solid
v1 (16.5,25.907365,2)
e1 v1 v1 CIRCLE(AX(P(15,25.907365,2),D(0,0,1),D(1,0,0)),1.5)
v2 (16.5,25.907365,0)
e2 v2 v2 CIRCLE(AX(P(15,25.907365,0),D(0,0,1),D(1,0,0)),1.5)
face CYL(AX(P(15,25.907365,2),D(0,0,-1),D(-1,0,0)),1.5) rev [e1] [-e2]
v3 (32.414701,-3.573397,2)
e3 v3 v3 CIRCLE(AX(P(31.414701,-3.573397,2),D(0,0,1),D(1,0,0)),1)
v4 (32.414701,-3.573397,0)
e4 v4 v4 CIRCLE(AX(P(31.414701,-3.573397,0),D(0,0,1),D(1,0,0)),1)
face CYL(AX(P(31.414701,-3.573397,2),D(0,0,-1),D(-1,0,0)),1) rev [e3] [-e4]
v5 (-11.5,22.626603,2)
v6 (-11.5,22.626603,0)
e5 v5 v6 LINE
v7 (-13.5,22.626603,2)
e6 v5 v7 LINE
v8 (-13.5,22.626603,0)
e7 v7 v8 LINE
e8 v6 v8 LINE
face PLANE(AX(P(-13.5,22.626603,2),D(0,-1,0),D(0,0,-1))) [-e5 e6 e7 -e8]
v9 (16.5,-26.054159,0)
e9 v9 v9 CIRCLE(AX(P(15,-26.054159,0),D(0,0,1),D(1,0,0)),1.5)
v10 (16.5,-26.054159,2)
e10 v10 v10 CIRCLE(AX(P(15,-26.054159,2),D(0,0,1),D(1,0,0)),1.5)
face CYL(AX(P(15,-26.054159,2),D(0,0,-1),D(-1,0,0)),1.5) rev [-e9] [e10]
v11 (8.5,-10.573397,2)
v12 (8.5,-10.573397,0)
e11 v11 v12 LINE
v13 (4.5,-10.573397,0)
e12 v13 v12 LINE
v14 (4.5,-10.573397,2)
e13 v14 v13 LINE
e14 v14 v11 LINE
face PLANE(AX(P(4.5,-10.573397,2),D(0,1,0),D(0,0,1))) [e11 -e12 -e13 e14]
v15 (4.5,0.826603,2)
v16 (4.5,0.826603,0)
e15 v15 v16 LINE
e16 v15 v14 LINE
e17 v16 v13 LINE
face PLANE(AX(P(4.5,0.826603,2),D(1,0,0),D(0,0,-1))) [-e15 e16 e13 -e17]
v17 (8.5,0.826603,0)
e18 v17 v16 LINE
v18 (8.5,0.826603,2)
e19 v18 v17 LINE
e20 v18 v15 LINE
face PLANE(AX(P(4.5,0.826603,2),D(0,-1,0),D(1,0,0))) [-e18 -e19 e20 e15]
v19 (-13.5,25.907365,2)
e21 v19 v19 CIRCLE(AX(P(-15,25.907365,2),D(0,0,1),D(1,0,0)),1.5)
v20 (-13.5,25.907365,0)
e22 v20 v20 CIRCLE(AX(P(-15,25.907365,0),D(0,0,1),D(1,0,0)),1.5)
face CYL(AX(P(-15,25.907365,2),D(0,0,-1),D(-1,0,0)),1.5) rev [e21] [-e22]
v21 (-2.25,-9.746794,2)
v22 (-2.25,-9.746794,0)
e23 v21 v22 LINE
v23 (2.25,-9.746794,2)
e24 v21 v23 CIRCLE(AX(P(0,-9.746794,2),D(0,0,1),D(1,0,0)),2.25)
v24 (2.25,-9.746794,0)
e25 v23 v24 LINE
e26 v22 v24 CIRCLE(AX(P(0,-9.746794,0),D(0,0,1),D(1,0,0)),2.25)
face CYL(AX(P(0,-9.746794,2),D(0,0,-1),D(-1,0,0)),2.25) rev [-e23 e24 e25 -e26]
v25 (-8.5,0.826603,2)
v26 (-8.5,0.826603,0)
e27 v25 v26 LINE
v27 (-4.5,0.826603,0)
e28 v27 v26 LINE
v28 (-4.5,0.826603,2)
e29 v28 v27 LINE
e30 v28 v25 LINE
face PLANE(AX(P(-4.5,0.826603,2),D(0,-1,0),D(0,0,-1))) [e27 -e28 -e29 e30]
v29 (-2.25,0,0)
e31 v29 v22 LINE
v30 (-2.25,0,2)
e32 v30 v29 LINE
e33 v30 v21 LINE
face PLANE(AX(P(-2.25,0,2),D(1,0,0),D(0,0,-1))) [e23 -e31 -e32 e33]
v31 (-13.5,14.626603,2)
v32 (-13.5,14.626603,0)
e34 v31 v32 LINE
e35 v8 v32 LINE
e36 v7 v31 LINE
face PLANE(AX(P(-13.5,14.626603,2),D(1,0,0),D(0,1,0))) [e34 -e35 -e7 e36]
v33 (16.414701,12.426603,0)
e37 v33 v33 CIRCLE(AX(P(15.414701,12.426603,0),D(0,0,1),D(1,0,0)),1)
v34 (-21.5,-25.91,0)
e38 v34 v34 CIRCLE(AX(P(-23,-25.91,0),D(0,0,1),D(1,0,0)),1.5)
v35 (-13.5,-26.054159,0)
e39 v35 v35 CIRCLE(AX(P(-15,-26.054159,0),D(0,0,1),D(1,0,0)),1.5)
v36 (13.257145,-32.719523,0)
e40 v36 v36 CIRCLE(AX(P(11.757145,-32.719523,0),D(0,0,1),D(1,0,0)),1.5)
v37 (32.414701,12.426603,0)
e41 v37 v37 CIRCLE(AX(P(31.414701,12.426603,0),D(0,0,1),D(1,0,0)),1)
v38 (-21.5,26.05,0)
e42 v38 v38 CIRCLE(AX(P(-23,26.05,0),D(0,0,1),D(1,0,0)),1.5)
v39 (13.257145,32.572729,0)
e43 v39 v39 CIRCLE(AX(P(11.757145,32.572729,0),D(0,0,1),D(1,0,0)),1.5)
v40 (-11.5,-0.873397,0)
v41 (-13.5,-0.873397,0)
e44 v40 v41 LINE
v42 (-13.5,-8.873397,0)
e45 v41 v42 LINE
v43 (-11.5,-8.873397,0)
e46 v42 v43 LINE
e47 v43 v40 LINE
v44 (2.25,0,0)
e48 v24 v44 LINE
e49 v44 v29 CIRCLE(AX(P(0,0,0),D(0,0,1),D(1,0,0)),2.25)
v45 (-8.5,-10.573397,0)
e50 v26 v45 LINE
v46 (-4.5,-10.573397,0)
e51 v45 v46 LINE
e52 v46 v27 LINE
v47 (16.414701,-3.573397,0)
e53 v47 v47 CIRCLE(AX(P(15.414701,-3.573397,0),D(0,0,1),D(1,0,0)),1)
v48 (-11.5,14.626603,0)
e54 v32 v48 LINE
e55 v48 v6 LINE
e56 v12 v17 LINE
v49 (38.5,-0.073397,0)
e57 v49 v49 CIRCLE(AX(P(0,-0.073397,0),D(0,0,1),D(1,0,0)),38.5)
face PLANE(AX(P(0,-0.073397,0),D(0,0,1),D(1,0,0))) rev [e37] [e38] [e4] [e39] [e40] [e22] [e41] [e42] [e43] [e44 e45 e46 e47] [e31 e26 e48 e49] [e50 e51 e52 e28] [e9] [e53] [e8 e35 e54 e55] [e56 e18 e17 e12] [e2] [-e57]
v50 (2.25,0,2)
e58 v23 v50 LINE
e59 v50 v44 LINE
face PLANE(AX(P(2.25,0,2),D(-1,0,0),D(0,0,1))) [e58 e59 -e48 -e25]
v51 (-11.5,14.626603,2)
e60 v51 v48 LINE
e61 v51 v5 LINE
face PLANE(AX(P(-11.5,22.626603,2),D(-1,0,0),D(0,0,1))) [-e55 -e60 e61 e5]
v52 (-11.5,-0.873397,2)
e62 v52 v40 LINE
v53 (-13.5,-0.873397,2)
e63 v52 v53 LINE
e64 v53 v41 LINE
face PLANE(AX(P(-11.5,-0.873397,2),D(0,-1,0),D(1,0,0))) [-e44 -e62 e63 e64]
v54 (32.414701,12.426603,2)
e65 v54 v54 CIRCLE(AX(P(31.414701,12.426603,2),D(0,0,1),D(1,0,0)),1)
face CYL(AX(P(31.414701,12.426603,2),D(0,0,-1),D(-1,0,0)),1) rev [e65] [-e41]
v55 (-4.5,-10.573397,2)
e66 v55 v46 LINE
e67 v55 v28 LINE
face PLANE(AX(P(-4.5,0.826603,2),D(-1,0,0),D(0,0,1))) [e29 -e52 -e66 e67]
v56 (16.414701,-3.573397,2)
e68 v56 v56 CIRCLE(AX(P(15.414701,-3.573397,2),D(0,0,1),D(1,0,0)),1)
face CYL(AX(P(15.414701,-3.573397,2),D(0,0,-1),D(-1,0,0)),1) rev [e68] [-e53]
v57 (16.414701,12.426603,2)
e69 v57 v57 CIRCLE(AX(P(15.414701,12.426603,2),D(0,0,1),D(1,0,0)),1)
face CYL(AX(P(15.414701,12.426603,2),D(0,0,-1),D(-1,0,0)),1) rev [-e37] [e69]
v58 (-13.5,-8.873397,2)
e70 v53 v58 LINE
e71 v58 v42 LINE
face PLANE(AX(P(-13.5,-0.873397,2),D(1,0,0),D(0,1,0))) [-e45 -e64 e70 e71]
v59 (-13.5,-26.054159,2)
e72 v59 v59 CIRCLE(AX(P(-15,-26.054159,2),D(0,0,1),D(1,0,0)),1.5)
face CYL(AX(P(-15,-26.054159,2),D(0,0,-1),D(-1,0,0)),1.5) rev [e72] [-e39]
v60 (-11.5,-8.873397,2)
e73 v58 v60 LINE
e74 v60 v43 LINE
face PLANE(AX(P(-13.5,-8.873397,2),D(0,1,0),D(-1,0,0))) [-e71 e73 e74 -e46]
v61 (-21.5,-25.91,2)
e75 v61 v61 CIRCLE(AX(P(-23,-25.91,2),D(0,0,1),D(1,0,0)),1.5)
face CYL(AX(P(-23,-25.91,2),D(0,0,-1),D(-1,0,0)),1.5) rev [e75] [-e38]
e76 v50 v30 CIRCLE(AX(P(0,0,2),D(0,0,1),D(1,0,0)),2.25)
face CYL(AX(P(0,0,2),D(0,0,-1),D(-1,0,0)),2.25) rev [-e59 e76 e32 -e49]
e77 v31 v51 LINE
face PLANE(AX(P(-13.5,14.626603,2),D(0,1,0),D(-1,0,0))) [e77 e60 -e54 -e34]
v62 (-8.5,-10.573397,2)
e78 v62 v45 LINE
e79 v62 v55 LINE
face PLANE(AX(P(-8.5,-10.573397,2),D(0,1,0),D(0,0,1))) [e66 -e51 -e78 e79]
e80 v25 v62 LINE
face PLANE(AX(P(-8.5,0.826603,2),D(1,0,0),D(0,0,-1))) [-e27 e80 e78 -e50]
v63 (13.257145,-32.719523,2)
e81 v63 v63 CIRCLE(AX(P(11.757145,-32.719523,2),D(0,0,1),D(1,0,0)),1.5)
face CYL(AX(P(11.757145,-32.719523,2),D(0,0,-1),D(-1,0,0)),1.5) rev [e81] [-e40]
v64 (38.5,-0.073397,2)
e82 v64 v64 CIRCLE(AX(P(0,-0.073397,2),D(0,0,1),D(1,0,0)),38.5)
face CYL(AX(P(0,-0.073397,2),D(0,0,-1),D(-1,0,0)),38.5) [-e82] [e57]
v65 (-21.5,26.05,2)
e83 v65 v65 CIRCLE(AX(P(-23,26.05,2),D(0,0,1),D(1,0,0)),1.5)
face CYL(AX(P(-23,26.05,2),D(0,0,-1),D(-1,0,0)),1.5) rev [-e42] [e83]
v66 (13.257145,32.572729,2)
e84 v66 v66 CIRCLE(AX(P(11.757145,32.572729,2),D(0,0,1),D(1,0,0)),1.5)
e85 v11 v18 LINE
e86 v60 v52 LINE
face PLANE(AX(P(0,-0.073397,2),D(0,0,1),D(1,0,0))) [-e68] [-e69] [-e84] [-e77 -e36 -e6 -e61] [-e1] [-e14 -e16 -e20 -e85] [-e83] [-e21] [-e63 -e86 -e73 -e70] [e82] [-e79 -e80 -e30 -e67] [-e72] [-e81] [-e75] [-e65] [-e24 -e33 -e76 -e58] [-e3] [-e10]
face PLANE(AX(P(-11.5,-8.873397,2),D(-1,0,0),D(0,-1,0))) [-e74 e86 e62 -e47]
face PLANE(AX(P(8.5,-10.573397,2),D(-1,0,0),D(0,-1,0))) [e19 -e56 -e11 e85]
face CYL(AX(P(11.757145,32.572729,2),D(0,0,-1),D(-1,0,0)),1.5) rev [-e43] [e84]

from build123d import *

# Parameters (mm, degrees)
MODEL_R             = 38.5
MODEL_R_2           = 1.5
MODEL_R_3           = 1
MODEL_W             = 2
MODEL_H             = 8
MODEL_W_2           = 4
MODEL_H_2           = 11.4
BOSS_EXTRUDE1_DEPTH = 2


with BuildPart() as part:
    # Model → Boss-Extrude1 (new body)
    with BuildSketch(Plane.XY):
        with Locations((0, -0.073397172)):
            Circle(MODEL_R)
        with Locations((-23, 26.05)):
            Circle(MODEL_R_2, mode=Mode.SUBTRACT)
        with Locations((11.757144545, -32.719523315)):
            Circle(MODEL_R_2, mode=Mode.SUBTRACT)
        with Locations((11.757144545, 32.572728971)):
            Circle(MODEL_R_2, mode=Mode.SUBTRACT)
        with Locations((31.414701296, 12.426602828)):
            Circle(MODEL_R_3, mode=Mode.SUBTRACT)
        with Locations((31.414701296, -3.573397172)):
            Circle(MODEL_R_3, mode=Mode.SUBTRACT)
        with Locations((15.414701296, 12.426602828)):
            Circle(MODEL_R_3, mode=Mode.SUBTRACT)
        with Locations((15.414701296, -3.573397172)):
            Circle(MODEL_R_3, mode=Mode.SUBTRACT)
        with Locations((-23, -25.91)):
            Circle(MODEL_R_2, mode=Mode.SUBTRACT)
        with Locations((-15, -26.054159286)):
            Circle(MODEL_R_2, mode=Mode.SUBTRACT)
        with Locations((15, 25.907364941)):
            Circle(MODEL_R_2, mode=Mode.SUBTRACT)
        with Locations((-15, 25.907364941)):
            Circle(MODEL_R_2, mode=Mode.SUBTRACT)
        with Locations((15, -26.054159286)):
            Circle(MODEL_R_2, mode=Mode.SUBTRACT)
        with Locations((-12.5, -4.873397172)):
            Rectangle(MODEL_W, MODEL_H, mode=Mode.SUBTRACT)
        with Locations((-12.5, 18.626602828)):
            Rectangle(MODEL_W, MODEL_H, mode=Mode.SUBTRACT)
        with Locations((-6.5, -4.873397172)):
            Rectangle(MODEL_W_2, MODEL_H_2, mode=Mode.SUBTRACT)
        with Locations((6.5, -4.873397172)):
            Rectangle(MODEL_W_2, MODEL_H_2, mode=Mode.SUBTRACT)
        with BuildLine():
            Line((-2.25, 0), (-2.25, -9.746794345))
            ThreePointArc((-2.25, -9.746794345), (0, -11.996794345), (2.25, -9.746794345))
            Line((2.25, -9.746794345), (2.25, 0))
            ThreePointArc((2.25, 0), (0, 2.25), (-2.25, 0))
        make_face(mode=Mode.SUBTRACT)
    extrude(amount=BOSS_EXTRUDE1_DEPTH)


solid = part.part
